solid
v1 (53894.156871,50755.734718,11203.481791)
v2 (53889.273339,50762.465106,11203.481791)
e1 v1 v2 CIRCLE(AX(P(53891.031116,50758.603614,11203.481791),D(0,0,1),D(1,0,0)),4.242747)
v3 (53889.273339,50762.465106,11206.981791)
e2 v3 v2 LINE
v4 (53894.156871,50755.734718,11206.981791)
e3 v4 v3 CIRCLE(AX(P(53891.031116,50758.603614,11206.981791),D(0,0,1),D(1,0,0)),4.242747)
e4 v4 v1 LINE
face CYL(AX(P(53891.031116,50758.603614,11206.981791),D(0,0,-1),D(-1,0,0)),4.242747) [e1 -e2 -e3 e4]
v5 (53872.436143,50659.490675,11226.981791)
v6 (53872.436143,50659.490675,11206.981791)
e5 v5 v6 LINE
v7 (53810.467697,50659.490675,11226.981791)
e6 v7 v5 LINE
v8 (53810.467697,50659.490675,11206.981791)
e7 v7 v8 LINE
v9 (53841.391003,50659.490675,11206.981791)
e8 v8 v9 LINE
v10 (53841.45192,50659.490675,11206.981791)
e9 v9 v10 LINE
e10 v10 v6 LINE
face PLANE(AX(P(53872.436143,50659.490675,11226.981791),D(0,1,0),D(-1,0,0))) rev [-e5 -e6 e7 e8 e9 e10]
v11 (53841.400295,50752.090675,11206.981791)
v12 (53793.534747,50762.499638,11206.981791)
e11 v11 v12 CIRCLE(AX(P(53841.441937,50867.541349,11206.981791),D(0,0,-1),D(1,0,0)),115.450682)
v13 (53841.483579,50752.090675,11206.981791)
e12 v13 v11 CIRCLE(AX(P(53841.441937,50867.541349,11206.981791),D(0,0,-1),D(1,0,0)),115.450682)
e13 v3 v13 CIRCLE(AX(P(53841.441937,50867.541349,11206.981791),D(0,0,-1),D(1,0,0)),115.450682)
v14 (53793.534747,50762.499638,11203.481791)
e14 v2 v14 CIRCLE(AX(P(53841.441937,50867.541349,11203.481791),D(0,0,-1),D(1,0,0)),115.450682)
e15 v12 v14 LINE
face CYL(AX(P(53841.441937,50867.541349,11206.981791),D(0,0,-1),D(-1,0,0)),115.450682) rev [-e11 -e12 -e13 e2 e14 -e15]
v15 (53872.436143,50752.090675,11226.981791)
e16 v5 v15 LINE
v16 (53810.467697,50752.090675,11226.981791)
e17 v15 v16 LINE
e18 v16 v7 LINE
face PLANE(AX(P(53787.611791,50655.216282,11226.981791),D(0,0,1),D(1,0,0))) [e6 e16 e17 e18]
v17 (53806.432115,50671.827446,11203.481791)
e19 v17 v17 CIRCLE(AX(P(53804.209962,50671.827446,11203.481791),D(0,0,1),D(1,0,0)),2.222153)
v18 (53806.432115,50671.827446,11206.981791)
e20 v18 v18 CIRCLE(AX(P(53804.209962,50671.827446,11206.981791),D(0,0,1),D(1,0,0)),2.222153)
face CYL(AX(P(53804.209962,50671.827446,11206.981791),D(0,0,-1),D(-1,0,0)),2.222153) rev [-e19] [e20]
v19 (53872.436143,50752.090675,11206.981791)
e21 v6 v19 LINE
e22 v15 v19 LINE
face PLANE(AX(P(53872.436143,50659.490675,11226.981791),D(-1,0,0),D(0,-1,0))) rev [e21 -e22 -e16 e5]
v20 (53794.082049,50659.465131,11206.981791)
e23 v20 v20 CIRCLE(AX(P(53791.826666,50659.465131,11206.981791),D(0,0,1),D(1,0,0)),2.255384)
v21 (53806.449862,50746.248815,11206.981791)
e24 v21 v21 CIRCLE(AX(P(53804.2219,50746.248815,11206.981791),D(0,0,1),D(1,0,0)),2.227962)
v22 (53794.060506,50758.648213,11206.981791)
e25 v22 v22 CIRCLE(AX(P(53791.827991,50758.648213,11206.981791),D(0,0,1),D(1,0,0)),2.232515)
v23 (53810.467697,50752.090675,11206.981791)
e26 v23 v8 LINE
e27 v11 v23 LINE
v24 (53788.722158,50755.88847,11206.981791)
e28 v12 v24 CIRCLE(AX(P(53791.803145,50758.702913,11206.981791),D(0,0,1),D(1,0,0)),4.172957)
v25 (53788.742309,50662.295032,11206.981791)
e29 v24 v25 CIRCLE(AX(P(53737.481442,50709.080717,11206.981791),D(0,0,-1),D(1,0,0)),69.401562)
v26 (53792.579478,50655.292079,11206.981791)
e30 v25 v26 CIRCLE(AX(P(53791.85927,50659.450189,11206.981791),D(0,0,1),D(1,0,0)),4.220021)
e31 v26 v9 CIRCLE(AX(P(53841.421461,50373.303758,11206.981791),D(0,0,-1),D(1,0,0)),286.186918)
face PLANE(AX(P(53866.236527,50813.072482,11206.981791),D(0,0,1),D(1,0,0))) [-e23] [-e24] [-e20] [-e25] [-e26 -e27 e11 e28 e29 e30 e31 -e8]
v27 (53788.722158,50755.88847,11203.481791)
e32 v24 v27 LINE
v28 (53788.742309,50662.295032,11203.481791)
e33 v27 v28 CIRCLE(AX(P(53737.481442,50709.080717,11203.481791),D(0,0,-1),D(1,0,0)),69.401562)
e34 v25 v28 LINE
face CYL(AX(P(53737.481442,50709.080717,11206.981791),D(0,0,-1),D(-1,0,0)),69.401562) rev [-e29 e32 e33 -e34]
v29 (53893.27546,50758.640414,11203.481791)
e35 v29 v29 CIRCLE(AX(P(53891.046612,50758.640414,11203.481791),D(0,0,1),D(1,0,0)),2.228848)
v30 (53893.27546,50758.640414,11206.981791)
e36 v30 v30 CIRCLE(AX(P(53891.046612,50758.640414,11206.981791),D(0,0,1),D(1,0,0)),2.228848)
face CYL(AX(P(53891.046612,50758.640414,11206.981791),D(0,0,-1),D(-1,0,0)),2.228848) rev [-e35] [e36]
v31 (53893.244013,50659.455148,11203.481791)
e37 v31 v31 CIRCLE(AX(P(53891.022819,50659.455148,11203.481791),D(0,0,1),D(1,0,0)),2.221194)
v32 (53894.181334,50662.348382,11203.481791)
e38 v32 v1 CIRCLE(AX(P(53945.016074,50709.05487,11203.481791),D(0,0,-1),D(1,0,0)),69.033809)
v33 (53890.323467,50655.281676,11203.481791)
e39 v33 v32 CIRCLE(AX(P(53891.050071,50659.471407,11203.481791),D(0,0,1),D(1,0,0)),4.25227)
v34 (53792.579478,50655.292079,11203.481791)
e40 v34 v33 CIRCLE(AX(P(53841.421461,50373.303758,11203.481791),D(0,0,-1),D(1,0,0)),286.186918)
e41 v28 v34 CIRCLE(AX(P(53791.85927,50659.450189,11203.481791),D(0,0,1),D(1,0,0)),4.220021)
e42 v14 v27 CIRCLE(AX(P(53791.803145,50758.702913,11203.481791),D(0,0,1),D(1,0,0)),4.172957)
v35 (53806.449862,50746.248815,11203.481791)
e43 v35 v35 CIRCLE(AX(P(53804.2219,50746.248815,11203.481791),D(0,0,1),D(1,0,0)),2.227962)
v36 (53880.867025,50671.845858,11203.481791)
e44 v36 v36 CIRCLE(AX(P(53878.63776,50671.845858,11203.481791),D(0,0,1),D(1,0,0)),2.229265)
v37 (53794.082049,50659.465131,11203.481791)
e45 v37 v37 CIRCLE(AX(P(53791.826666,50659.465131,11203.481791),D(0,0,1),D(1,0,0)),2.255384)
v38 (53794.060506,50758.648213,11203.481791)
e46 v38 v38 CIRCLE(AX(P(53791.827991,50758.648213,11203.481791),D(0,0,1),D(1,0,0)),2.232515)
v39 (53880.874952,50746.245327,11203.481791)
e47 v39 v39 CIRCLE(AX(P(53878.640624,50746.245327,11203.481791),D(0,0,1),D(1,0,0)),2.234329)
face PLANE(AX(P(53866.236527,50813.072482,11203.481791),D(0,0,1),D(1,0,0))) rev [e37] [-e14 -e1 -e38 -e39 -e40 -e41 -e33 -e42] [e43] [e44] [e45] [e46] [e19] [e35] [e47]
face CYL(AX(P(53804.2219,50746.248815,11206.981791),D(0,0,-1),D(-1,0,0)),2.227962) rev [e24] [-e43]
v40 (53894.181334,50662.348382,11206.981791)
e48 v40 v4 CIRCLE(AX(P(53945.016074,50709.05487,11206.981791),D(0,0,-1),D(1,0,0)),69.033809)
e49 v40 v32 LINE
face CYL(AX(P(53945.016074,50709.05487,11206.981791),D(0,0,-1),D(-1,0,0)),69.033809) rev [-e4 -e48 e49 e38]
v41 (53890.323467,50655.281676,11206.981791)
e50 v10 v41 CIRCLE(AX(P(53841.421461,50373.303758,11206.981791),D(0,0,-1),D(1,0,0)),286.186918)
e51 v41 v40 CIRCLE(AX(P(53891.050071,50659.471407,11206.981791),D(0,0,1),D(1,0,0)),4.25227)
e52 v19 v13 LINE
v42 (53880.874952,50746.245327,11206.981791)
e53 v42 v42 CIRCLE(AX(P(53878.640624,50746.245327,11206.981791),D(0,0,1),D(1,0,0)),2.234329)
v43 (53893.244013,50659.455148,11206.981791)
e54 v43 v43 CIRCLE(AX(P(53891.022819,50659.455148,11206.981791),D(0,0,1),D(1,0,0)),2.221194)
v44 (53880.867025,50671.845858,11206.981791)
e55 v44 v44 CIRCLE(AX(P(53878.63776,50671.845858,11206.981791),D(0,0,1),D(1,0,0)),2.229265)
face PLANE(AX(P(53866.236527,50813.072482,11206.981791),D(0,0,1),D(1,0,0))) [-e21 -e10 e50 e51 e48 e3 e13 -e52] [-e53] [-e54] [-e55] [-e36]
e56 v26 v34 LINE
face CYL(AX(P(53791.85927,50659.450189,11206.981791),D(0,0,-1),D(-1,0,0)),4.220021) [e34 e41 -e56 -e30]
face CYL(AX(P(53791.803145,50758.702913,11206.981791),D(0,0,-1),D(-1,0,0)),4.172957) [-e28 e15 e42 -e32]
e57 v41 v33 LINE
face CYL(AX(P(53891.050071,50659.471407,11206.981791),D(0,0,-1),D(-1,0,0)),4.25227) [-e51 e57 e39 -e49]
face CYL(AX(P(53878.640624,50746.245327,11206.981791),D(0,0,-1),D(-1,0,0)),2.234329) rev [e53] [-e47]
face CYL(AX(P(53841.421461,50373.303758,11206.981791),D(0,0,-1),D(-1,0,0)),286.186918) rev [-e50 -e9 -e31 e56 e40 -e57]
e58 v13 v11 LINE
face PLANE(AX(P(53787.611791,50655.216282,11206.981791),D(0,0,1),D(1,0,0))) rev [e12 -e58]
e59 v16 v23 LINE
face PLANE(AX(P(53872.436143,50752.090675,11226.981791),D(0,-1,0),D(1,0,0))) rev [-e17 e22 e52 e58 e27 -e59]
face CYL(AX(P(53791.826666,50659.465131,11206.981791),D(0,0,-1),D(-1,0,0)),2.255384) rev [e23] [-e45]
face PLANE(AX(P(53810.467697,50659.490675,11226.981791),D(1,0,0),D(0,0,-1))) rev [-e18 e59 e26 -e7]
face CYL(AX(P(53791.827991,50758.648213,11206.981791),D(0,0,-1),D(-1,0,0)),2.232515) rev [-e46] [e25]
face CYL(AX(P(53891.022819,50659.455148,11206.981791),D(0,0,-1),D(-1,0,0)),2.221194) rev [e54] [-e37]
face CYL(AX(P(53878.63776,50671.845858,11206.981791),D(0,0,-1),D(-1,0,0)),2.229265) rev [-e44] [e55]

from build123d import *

# Parameters (mm, degrees)
SKETCH1_R           = 2228.848425932
SKETCH1_R_2         = 2232.515095695
SKETCH1_R_3         = 2255.383637046
SKETCH1_R_4         = 2221.194192251
SKETCH1_R_5         = 2229.264638927
SKETCH1_R_6         = 2222.153252204
SKETCH1_R_7         = 2227.962328558
SKETCH1_R_8         = 2234.328555728
BOSS_EXTRUDE1_DEPTH = 3500
SKETCH2_W           = 61968.445691345
SKETCH2_H           = 92600
BOSS_EXTRUDE2_DEPTH = 20000
SCALE1_SCALE        = 0.001


with BuildPart() as part:
    # Sketch1 → Boss-Extrude1 (new body)
    with BuildSketch(Plane.XY):
        with BuildLine():
            ThreePointArc((106545.079885482, 100518.436826227), (106853.327609477, 105879.024620733), (101661.548830659, 107248.824341048))
            ThreePointArc((101661.548830659, 107248.824341048), (53788.50438499, 96874.393209157), (5922.956321239, 107283.35638346))
            ThreePointArc((5922.956321239, 107283.35638346), (817.61837842, 105942.536812531), (1110.36774195, 100672.188584726))
            ThreePointArc((1110.36774195, 100672.188584726), (19271.211317967, 53879.37747984), (1130.518180486, 7078.750742777))
            ThreePointArc((1130.518180486, 7078.750742777), (546.608093922, 2206.067347313), (4967.687443421, 75.796977839))
            ThreePointArc((4967.687443421, 75.796977839), (53840.129347423, 4274.393209157), (102711.67644046, 65.394194326))
            ThreePointArc((102711.67644046, 65.394194326), (107170.596097397, 2217.573525566), (106569.543420865, 7132.100569023))
            ThreePointArc((106569.543420865, 7132.100569023), (88370.47645447, 53820.504464396), (106545.079885482, 100518.436826227))
        make_face()
        with Locations((103434.821241174, 103424.132598226)):
            Circle(SKETCH1_R, mode=Mode.SUBTRACT)
        with Locations((4216.199864712, 103431.93144758)):
            Circle(SKETCH1_R_2, mode=Mode.SUBTRACT)
        with Locations((4214.875121526, 4248.849141113)):
            Circle(SKETCH1_R_3, mode=Mode.SUBTRACT)
        with Locations((103411.028421454, 4238.866596861)):
            Circle(SKETCH1_R_4, mode=Mode.SUBTRACT)
        with Locations((91025.969819716, 16629.576138342)):
            Circle(SKETCH1_R_5, mode=Mode.SUBTRACT)
        with Locations((16598.170941579, 16611.164460881)):
            Circle(SKETCH1_R_6, mode=Mode.SUBTRACT)
        with Locations((16610.109502545, 91032.533832428)):
            Circle(SKETCH1_R_7, mode=Mode.SUBTRACT)
        with Locations((91028.833016767, 91029.045185522)):
            Circle(SKETCH1_R_8, mode=Mode.SUBTRACT)
    extrude(amount=BOSS_EXTRUDE1_DEPTH)

    # Sketch2 → Boss-Extrude2 (add)
    with BuildSketch(Plane.XY.offset(3500)):
        with Locations((53840.129347424, 50574.393209157)):
            Rectangle(SKETCH2_W, SKETCH2_H)
    extrude(amount=BOSS_EXTRUDE2_DEPTH)


with BuildPart() as part_1:
    # Scale1: scaled about (53841.453243905, 50705.922203797, 11214.696487876)
    add(part.part.scale(SCALE1_SCALE).moved(Location((53787.611790661, 50655.216281593, 11203.481791388))))


solid = part_1.part
